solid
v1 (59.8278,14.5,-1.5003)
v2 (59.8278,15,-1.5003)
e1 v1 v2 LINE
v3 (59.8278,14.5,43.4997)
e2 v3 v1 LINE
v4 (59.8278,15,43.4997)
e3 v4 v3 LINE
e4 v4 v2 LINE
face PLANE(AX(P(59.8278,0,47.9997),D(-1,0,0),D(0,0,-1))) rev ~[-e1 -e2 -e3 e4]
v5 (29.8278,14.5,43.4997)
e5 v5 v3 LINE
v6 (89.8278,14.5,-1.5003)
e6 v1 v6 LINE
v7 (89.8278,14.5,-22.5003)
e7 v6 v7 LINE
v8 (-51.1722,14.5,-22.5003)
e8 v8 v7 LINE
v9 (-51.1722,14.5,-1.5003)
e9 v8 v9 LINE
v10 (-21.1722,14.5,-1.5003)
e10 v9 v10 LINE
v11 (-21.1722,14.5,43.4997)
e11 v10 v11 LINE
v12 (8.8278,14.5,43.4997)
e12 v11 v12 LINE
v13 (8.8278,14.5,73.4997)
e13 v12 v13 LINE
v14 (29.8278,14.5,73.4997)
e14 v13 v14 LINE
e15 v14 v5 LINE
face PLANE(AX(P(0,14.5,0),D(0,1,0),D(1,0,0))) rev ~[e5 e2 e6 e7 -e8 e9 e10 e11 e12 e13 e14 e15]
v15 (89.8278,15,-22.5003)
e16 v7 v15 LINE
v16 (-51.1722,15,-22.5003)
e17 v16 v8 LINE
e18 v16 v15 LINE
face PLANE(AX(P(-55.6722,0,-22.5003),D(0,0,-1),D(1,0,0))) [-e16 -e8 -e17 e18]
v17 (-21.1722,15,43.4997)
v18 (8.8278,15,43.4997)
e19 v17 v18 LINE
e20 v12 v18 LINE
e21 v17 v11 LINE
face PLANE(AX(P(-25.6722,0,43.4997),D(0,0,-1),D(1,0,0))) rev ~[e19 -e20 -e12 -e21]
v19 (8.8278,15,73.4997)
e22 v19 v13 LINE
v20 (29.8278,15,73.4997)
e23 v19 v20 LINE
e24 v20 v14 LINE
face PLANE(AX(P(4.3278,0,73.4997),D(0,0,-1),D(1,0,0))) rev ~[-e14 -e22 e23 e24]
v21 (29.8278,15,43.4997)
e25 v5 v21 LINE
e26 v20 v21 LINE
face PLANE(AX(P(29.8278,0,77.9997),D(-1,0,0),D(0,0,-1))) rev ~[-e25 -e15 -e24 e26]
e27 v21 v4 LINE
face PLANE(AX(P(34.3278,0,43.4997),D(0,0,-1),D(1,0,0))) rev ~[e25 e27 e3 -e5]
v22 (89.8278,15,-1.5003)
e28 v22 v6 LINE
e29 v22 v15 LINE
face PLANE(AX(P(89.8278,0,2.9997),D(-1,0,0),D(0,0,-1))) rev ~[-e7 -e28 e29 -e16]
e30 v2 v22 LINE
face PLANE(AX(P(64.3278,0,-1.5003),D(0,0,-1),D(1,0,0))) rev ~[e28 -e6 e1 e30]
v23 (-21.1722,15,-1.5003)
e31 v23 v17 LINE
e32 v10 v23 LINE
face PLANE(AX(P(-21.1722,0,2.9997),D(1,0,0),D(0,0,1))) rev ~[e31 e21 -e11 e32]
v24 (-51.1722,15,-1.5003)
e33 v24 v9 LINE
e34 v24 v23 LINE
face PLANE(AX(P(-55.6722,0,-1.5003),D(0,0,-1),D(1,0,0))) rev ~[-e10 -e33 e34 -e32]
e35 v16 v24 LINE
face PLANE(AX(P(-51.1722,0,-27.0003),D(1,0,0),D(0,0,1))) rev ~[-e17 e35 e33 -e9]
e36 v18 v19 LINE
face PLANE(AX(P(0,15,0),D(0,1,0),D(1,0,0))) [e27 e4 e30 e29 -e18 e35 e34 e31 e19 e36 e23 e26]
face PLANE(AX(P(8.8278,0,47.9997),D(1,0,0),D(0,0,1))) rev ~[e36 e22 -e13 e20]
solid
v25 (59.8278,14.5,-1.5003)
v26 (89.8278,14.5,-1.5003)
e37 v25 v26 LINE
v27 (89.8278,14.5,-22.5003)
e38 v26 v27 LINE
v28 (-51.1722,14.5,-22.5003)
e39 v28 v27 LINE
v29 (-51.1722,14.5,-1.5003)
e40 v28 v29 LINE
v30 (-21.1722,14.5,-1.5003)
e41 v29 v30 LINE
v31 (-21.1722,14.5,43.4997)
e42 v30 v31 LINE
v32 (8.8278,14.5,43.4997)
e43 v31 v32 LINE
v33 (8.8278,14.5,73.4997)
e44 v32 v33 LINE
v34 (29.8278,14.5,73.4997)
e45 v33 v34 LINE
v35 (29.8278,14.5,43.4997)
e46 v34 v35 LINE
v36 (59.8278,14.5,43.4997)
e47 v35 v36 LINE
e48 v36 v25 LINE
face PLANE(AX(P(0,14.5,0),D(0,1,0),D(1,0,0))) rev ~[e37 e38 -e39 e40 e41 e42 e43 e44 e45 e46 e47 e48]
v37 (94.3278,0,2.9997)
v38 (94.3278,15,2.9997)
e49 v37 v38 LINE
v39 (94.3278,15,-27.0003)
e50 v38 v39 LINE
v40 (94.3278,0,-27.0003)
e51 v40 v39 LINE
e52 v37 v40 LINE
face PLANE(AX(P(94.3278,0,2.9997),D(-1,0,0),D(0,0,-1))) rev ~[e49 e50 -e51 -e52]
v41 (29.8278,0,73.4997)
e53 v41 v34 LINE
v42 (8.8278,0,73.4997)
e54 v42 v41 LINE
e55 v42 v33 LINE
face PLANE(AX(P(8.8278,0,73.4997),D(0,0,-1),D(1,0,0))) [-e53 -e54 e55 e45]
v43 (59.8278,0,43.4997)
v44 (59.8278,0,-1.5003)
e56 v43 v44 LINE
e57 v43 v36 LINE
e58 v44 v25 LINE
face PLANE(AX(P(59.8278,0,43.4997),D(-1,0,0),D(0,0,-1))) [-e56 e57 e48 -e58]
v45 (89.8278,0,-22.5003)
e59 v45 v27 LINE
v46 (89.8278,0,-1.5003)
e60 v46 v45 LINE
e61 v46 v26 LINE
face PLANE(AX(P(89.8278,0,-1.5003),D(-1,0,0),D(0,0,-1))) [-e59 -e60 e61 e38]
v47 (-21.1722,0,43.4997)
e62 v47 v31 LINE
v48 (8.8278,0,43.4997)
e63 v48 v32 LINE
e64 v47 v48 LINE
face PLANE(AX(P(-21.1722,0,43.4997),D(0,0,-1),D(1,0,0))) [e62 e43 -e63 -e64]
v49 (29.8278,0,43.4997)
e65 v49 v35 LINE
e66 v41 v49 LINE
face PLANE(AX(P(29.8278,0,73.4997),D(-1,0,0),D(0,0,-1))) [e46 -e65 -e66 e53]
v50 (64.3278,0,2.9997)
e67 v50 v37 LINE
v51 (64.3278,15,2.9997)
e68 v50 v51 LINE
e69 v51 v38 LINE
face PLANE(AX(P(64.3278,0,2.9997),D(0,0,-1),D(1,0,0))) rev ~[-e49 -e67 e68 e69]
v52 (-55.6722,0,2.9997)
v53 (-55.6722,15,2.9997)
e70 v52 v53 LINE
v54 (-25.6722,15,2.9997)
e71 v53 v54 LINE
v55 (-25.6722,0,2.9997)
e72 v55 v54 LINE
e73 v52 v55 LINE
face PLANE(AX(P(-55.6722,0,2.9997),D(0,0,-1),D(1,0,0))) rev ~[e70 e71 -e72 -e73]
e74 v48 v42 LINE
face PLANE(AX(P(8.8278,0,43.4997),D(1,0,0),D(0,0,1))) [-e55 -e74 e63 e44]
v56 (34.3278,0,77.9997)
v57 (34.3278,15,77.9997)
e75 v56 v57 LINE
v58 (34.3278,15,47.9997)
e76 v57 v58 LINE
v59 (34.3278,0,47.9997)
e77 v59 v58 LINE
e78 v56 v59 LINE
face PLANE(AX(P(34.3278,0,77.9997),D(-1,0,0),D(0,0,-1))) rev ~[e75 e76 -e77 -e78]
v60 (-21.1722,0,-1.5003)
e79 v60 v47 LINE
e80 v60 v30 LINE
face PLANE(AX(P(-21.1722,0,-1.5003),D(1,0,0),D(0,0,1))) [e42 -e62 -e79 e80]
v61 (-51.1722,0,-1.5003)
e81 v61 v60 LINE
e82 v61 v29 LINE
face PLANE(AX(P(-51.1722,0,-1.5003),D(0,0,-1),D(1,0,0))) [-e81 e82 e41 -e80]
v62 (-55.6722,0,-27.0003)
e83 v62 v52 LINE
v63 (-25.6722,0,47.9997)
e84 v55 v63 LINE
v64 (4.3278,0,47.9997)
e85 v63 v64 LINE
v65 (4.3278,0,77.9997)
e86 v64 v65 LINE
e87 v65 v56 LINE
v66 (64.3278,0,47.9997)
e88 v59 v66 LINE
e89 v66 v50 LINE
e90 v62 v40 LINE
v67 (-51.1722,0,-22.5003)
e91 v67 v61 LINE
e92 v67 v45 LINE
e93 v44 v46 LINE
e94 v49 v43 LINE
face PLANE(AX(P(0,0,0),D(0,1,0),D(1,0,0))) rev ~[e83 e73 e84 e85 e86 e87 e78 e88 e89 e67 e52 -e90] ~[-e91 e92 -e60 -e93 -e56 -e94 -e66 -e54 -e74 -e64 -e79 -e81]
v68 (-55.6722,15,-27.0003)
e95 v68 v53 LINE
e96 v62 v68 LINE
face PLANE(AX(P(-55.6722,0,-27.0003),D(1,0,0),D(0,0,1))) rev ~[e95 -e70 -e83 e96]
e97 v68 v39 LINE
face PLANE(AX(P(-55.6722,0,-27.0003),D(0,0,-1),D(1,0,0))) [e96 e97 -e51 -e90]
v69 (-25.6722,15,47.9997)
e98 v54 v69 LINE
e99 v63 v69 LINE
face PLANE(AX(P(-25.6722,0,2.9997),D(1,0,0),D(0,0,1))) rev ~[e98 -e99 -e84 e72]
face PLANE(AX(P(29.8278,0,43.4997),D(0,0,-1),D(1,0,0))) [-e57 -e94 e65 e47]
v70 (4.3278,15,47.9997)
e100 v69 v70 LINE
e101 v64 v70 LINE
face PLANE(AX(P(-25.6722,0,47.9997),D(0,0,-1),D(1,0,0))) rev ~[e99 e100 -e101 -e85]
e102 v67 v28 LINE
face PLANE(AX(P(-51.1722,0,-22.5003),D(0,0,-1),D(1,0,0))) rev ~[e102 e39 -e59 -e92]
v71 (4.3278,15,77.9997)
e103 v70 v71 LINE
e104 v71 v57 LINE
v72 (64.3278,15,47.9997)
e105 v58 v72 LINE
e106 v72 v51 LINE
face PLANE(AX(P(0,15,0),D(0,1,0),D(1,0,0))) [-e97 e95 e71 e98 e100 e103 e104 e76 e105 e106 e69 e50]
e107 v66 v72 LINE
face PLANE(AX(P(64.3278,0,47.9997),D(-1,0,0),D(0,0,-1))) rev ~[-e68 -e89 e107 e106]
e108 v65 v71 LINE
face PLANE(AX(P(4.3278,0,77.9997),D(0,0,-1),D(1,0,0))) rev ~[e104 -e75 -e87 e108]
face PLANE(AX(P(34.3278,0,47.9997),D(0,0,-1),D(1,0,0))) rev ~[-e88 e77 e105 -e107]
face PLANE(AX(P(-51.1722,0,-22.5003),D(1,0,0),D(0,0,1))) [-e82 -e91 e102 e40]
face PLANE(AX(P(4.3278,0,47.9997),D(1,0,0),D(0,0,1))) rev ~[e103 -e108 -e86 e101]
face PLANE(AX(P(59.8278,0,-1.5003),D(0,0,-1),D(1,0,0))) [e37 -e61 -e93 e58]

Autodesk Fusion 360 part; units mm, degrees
sketch "Sketch1" plane through (0, 0, 0) normal (0, 1, 0) x (1, 0, 0)
  line L0 (-55.6722, 27.0003) -> (-55.6722, -2.9997)
  line L1 (-55.6722, -2.9997) -> (-25.6722, -2.9997)
  line L2 (-25.6722, -2.9997) -> (-25.6722, -47.9997)
  line L3 (-25.6722, -47.9997) -> (4.3278, -47.9997)
  line L4 (4.3278, -47.9997) -> (4.3278, -77.9997)
  line L5 (4.3278, -77.9997) -> (34.3278, -77.9997)
  line L6 (34.3278, -77.9997) -> (34.3278, -47.9997)
  line L7 (34.3278, -47.9997) -> (64.3278, -47.9997)
  line L8 (64.3278, -47.9997) -> (64.3278, -2.9997)
  line L9 (64.3278, -2.9997) -> (94.3278, -2.9997)
  line L10 (94.3278, -2.9997) -> (94.3278, 27.0003)
  line L11 (-55.6722, 27.0003) -> (94.3278, 27.0003)
  dimension "d1" = 150
  dimension "d2" = 30
  dimension "d3" = 30
  dimension "d4" = 30
  dimension "d5" = 30
  dimension "d6" = 30
  dimension "d7" = 45
  dimension "d8" = 30
  dimension "d9" = 30
  dimension "d10" = 45
extrude "Extrude1" add sketch "Sketch1" along normal blind 15 makes body 1
move_face "OffsetFaces1" offset -4.5 12 faces at (34.3278, 10, 67.9997) (64.3278, 10, 32.9997) (44.3278, 5, 47.9997) (74.3278, 10, 2.9997) (94.3278, 10, -7.0003) (-45.6722, 10, 2.9997) (-15.6722, 10, 47.9997) (14.3278, 10, 77.9997) (4.3278, 10, 57.9997) (-25.6722, 10, 17.9997) (-55.6722, 10, -17.0003) (-5.6722, 5, -27.0003) on bodies 1
extrude "Extrude2" add sketch "Sketch1" along normal blind 15 separate body makes body 2
extrude "Extrude3" cut 1 faces at (22.8278, 0, 13.4997) along direction (0, 1, 0) blind 14.5 on bodies 1 bodies 1 2
